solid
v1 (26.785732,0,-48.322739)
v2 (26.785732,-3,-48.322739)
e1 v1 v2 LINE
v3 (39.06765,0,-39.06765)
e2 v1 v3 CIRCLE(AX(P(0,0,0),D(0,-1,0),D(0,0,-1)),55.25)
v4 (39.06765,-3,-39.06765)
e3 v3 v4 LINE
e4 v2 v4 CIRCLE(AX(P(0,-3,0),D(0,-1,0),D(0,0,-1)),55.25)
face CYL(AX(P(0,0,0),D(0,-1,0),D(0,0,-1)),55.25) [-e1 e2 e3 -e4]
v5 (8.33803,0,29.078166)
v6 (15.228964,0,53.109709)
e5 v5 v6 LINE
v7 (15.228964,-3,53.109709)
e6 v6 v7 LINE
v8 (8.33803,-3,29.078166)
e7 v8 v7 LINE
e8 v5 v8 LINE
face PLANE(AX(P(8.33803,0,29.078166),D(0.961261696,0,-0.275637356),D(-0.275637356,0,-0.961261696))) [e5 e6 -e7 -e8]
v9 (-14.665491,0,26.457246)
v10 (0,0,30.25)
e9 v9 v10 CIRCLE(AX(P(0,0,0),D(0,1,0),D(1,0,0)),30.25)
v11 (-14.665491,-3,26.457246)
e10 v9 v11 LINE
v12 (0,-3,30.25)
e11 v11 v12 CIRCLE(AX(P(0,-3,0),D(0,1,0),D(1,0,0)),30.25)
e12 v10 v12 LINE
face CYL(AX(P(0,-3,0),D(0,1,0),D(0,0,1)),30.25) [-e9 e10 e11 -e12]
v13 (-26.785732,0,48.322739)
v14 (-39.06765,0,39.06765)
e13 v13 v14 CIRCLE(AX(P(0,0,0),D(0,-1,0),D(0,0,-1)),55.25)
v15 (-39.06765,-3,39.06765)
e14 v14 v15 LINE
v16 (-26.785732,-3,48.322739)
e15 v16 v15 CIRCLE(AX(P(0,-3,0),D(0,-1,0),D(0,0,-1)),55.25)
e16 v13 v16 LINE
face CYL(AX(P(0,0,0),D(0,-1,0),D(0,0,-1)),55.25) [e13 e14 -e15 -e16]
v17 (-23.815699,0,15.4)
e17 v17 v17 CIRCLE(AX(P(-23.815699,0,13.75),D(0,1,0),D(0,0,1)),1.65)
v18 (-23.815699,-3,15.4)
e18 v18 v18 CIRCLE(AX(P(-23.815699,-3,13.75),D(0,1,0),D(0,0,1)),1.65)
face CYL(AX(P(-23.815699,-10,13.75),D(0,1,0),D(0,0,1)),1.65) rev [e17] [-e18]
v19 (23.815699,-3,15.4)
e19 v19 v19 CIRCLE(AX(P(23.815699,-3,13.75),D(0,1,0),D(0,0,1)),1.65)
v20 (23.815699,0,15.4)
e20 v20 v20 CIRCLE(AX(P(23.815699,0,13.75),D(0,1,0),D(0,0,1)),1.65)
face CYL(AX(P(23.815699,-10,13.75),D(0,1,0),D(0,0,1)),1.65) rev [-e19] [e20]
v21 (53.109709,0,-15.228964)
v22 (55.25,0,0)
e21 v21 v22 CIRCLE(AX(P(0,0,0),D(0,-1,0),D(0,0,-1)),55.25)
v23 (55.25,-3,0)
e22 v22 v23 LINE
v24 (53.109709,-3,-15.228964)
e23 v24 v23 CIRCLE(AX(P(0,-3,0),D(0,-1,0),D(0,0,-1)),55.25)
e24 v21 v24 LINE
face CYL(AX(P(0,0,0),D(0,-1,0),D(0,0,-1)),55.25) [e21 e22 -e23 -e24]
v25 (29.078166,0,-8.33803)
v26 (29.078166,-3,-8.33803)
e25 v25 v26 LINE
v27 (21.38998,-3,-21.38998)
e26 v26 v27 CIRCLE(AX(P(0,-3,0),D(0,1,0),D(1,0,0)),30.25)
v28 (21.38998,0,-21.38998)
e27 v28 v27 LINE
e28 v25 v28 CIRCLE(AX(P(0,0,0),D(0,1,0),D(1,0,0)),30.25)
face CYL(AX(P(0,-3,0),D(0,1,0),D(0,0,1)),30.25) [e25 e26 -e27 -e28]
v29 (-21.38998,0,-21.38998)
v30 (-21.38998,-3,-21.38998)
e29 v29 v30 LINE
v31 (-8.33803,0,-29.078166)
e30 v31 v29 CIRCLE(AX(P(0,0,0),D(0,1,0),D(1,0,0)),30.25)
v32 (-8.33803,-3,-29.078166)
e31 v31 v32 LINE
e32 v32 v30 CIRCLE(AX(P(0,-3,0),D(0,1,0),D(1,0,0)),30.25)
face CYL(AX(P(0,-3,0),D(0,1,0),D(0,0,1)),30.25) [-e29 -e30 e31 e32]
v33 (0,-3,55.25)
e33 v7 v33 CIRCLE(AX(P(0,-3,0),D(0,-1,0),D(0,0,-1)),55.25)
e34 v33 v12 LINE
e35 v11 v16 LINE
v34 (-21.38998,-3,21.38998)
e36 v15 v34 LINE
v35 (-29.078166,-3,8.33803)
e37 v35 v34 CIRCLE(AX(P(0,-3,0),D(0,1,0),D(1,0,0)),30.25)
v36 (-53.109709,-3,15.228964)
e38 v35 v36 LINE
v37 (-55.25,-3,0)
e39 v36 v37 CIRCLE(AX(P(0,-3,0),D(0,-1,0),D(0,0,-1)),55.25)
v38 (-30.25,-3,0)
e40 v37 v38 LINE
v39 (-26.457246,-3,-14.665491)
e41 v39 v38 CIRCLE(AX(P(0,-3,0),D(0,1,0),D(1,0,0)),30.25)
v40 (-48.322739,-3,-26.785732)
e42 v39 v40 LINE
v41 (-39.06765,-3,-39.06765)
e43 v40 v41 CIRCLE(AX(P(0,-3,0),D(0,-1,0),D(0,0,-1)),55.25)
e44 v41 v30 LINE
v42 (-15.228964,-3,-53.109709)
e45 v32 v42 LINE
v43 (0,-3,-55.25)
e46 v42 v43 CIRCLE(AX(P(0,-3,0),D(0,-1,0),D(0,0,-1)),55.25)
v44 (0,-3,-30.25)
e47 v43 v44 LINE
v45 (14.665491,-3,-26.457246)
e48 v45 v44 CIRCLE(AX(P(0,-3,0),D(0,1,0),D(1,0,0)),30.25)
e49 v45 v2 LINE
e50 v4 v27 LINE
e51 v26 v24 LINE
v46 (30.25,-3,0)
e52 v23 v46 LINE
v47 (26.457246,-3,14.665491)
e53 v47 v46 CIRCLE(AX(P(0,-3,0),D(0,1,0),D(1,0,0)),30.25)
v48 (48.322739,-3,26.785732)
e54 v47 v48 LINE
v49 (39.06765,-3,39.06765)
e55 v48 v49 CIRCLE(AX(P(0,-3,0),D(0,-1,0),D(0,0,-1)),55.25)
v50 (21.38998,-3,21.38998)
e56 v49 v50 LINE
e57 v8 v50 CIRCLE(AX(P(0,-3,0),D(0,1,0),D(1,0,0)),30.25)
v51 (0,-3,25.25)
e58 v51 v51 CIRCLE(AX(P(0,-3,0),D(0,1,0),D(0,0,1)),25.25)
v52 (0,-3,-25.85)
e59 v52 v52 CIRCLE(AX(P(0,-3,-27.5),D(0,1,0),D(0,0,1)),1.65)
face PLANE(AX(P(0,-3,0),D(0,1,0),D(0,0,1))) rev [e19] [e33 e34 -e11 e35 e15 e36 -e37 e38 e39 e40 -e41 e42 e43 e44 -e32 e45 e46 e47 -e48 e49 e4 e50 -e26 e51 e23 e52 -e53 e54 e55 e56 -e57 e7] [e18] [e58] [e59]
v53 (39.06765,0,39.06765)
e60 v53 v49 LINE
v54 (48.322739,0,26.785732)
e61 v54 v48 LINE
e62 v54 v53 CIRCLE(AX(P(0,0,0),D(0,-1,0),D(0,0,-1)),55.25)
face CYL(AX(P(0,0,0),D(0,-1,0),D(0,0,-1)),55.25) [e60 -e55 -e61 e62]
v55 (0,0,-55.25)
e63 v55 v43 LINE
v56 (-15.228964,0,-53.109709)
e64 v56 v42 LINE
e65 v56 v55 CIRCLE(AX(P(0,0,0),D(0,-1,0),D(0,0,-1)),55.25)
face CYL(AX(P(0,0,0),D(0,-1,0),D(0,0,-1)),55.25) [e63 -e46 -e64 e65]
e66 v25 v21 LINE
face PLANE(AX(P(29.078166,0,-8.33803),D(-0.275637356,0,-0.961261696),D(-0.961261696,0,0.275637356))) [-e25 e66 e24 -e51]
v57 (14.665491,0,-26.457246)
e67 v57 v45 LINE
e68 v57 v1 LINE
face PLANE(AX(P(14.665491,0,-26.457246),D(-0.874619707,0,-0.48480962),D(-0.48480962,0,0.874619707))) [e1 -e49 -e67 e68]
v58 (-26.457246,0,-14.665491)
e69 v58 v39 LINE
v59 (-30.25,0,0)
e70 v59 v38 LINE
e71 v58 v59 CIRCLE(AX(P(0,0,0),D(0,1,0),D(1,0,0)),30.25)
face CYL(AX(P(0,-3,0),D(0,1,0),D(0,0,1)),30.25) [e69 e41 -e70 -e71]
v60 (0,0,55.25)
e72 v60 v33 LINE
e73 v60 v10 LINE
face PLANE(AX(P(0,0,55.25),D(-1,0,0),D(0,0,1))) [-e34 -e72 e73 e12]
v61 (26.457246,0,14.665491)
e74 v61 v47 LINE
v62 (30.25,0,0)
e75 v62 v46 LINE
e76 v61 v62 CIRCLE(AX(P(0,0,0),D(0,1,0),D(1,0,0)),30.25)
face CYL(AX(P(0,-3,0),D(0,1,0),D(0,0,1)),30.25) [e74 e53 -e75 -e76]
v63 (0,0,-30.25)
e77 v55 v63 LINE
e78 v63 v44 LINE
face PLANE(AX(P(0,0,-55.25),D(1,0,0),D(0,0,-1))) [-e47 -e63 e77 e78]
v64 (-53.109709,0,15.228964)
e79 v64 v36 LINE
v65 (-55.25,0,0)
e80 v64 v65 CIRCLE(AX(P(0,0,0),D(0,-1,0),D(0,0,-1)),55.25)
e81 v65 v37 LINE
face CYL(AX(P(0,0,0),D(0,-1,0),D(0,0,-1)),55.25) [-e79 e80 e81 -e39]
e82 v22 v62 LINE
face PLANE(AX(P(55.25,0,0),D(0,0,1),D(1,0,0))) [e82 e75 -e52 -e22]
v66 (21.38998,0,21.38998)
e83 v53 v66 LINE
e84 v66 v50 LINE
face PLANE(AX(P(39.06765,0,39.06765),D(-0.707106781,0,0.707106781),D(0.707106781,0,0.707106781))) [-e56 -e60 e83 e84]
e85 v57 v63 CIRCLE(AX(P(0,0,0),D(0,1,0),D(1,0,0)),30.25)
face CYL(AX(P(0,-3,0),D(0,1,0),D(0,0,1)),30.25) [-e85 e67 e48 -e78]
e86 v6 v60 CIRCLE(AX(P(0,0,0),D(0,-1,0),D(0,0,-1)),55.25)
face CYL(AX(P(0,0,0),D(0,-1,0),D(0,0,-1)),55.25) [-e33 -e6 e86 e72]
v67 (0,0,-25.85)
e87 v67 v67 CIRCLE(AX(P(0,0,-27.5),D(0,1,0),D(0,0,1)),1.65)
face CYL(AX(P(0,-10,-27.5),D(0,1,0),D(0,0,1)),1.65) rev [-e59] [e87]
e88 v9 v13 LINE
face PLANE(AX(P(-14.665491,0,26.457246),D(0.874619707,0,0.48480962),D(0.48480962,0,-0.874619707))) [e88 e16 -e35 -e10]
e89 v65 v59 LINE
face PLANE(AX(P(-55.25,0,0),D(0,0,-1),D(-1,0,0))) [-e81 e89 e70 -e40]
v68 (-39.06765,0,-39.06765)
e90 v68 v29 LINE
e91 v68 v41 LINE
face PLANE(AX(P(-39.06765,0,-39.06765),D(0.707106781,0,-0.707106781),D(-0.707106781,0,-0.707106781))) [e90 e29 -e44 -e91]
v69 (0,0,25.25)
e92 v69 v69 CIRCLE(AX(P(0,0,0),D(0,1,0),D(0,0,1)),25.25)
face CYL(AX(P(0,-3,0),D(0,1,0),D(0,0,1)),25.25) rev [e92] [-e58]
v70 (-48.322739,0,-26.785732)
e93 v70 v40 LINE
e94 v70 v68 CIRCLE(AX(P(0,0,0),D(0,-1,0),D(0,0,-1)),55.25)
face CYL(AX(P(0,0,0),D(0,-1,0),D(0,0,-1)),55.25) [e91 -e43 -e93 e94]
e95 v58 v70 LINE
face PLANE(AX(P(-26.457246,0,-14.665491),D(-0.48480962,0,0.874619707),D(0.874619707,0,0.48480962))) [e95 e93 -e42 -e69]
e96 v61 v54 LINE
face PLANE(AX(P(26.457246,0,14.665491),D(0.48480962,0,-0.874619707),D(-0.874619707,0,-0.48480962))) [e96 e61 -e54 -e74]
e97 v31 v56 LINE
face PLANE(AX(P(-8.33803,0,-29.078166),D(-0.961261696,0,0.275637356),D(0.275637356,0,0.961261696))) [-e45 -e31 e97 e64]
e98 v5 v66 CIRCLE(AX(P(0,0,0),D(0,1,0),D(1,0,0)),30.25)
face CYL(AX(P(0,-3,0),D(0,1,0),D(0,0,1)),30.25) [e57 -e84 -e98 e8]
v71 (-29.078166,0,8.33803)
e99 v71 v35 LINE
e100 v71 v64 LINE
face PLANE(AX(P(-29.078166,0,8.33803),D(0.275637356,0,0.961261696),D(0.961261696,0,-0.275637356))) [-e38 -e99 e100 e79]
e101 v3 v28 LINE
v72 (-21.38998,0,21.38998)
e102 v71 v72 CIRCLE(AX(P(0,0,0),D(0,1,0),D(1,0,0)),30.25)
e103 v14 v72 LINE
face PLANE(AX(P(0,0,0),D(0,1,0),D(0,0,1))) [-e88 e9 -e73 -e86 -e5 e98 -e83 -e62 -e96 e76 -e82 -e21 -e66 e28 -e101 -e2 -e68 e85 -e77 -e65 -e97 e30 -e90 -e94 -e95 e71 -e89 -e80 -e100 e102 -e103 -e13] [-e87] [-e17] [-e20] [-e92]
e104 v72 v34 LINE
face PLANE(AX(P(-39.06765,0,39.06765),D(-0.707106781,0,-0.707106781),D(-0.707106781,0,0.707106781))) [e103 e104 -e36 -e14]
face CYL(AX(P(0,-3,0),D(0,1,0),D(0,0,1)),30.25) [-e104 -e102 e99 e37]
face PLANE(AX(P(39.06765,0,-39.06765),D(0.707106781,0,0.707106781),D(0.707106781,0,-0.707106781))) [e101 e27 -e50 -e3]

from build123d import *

# Parameters (mm, degrees)
SKETCH1_R           = 30.25
SKETCH1_R_2         = 25.25
EXTRUDE_THIN1_DEPTH = 3
SKETCH2_R           = 1.65
CUT_EXTRUDE3_DEPTH  = 10
BOSS_EXTRUDE1_DEPTH = 3


with BuildPart() as part:
    # Sketch1 → Extrude-Thin1 (new body)
    with BuildSketch(Plane(origin=(0, 0, 0), x_dir=(1, 0, 0), z_dir=(0, 1, 0))):
        Circle(SKETCH1_R)
        Circle(SKETCH1_R_2, mode=Mode.SUBTRACT)
    extrude(amount=-EXTRUDE_THIN1_DEPTH)

    # Sketch2 → Cut-Extrude3 (cut)
    with BuildSketch(Plane(origin=(0, 0, 0), x_dir=(1, 0, 0), z_dir=(0, 1, 0))):
        with Locations((0, 27.5)):
            Circle(SKETCH2_R)
        with Locations((23.815698604, -13.75)):
            Circle(SKETCH2_R)
        with Locations((-23.815698604, -13.75)):
            Circle(SKETCH2_R)
    extrude(amount=-CUT_EXTRUDE3_DEPTH, mode=Mode.SUBTRACT)

    # Sketch5 → Boss-Extrude1 (add)
    with BuildSketch(Plane.XZ.offset(3)):
        with BuildLine():
            Line((0, 55.25), (0, 30.25))
            ThreePointArc((0, 30.25), (4.209986304, 29.955609079), (8.338030013, 29.078166302))
            Line((8.338030013, 29.078166302), (15.228963909, 53.109708701))
            ThreePointArc((15.228963909, 53.109708701), (7.689313828, 54.712310798), (0, 55.25))
        make_face()
        with BuildLine():
            Line((39.067649661, 39.067649661), (21.389980131, 21.389980131))
            ThreePointArc((21.389980131, 21.389980131), (24.158724179, 18.20490445), (26.457246141, 14.665491012))
            Line((26.457246141, 14.665491012), (48.322738819, 26.785731519))
            ThreePointArc((48.322738819, 26.785731519), (44.12461193, 33.250280029), (39.067649661, 39.067649661))
        make_face()
        with BuildLine():
            Line((55.25, 0), (30.25, 0))
            ThreePointArc((30.25, 0), (29.955609079, -4.209986304), (29.078166302, -8.338030013))
            Line((29.078166302, -8.338030013), (53.109708701, -15.228963909))
            ThreePointArc((53.109708701, -15.228963909), (54.712310798, -7.689313828), (55.25, 0))
        make_face()
        with BuildLine():
            Line((39.067649661, -39.067649661), (21.389980131, -21.389980131))
            ThreePointArc((21.389980131, -21.389980131), (18.20490445, -24.158724179), (14.665491012, -26.457246141))
            Line((14.665491012, -26.457246141), (26.785731519, -48.322738819))
            ThreePointArc((26.785731519, -48.322738819), (33.250280029, -44.12461193), (39.067649661, -39.067649661))
        make_face()
        with BuildLine():
            Line((0, -55.25), (0, -30.25))
            ThreePointArc((0, -30.25), (-4.209986304, -29.955609079), (-8.338030013, -29.078166302))
            Line((-8.338030013, -29.078166302), (-15.228963909, -53.109708701))
            ThreePointArc((-15.228963909, -53.109708701), (-7.689313828, -54.712310798), (0, -55.25))
        make_face()
        with BuildLine():
            Line((-39.067649661, -39.067649661), (-21.389980131, -21.389980131))
            ThreePointArc((-21.389980131, -21.389980131), (-24.158724179, -18.20490445), (-26.457246141, -14.665491012))
            Line((-26.457246141, -14.665491012), (-48.322738819, -26.785731519))
            ThreePointArc((-48.322738819, -26.785731519), (-44.12461193, -33.250280029), (-39.067649661, -39.067649661))
        make_face()
        with BuildLine():
            Line((-55.25, 0), (-30.25, 0))
            ThreePointArc((-30.25, 0), (-29.955609079, 4.209986304), (-29.078166302, 8.338030013))
            Line((-29.078166302, 8.338030013), (-53.109708701, 15.228963909))
            ThreePointArc((-53.109708701, 15.228963909), (-54.712310798, 7.689313828), (-55.25, 0))
        make_face()
        with BuildLine():
            Line((-39.067649661, 39.067649661), (-21.389980131, 21.389980131))
            ThreePointArc((-21.389980131, 21.389980131), (-18.20490445, 24.158724179), (-14.665491012, 26.457246141))
            Line((-14.665491012, 26.457246141), (-26.785731519, 48.322738819))
            ThreePointArc((-26.785731519, 48.322738819), (-33.250280029, 44.12461193), (-39.067649661, 39.067649661))
        make_face()
    extrude(amount=-BOSS_EXTRUDE1_DEPTH)


solid = part.part
